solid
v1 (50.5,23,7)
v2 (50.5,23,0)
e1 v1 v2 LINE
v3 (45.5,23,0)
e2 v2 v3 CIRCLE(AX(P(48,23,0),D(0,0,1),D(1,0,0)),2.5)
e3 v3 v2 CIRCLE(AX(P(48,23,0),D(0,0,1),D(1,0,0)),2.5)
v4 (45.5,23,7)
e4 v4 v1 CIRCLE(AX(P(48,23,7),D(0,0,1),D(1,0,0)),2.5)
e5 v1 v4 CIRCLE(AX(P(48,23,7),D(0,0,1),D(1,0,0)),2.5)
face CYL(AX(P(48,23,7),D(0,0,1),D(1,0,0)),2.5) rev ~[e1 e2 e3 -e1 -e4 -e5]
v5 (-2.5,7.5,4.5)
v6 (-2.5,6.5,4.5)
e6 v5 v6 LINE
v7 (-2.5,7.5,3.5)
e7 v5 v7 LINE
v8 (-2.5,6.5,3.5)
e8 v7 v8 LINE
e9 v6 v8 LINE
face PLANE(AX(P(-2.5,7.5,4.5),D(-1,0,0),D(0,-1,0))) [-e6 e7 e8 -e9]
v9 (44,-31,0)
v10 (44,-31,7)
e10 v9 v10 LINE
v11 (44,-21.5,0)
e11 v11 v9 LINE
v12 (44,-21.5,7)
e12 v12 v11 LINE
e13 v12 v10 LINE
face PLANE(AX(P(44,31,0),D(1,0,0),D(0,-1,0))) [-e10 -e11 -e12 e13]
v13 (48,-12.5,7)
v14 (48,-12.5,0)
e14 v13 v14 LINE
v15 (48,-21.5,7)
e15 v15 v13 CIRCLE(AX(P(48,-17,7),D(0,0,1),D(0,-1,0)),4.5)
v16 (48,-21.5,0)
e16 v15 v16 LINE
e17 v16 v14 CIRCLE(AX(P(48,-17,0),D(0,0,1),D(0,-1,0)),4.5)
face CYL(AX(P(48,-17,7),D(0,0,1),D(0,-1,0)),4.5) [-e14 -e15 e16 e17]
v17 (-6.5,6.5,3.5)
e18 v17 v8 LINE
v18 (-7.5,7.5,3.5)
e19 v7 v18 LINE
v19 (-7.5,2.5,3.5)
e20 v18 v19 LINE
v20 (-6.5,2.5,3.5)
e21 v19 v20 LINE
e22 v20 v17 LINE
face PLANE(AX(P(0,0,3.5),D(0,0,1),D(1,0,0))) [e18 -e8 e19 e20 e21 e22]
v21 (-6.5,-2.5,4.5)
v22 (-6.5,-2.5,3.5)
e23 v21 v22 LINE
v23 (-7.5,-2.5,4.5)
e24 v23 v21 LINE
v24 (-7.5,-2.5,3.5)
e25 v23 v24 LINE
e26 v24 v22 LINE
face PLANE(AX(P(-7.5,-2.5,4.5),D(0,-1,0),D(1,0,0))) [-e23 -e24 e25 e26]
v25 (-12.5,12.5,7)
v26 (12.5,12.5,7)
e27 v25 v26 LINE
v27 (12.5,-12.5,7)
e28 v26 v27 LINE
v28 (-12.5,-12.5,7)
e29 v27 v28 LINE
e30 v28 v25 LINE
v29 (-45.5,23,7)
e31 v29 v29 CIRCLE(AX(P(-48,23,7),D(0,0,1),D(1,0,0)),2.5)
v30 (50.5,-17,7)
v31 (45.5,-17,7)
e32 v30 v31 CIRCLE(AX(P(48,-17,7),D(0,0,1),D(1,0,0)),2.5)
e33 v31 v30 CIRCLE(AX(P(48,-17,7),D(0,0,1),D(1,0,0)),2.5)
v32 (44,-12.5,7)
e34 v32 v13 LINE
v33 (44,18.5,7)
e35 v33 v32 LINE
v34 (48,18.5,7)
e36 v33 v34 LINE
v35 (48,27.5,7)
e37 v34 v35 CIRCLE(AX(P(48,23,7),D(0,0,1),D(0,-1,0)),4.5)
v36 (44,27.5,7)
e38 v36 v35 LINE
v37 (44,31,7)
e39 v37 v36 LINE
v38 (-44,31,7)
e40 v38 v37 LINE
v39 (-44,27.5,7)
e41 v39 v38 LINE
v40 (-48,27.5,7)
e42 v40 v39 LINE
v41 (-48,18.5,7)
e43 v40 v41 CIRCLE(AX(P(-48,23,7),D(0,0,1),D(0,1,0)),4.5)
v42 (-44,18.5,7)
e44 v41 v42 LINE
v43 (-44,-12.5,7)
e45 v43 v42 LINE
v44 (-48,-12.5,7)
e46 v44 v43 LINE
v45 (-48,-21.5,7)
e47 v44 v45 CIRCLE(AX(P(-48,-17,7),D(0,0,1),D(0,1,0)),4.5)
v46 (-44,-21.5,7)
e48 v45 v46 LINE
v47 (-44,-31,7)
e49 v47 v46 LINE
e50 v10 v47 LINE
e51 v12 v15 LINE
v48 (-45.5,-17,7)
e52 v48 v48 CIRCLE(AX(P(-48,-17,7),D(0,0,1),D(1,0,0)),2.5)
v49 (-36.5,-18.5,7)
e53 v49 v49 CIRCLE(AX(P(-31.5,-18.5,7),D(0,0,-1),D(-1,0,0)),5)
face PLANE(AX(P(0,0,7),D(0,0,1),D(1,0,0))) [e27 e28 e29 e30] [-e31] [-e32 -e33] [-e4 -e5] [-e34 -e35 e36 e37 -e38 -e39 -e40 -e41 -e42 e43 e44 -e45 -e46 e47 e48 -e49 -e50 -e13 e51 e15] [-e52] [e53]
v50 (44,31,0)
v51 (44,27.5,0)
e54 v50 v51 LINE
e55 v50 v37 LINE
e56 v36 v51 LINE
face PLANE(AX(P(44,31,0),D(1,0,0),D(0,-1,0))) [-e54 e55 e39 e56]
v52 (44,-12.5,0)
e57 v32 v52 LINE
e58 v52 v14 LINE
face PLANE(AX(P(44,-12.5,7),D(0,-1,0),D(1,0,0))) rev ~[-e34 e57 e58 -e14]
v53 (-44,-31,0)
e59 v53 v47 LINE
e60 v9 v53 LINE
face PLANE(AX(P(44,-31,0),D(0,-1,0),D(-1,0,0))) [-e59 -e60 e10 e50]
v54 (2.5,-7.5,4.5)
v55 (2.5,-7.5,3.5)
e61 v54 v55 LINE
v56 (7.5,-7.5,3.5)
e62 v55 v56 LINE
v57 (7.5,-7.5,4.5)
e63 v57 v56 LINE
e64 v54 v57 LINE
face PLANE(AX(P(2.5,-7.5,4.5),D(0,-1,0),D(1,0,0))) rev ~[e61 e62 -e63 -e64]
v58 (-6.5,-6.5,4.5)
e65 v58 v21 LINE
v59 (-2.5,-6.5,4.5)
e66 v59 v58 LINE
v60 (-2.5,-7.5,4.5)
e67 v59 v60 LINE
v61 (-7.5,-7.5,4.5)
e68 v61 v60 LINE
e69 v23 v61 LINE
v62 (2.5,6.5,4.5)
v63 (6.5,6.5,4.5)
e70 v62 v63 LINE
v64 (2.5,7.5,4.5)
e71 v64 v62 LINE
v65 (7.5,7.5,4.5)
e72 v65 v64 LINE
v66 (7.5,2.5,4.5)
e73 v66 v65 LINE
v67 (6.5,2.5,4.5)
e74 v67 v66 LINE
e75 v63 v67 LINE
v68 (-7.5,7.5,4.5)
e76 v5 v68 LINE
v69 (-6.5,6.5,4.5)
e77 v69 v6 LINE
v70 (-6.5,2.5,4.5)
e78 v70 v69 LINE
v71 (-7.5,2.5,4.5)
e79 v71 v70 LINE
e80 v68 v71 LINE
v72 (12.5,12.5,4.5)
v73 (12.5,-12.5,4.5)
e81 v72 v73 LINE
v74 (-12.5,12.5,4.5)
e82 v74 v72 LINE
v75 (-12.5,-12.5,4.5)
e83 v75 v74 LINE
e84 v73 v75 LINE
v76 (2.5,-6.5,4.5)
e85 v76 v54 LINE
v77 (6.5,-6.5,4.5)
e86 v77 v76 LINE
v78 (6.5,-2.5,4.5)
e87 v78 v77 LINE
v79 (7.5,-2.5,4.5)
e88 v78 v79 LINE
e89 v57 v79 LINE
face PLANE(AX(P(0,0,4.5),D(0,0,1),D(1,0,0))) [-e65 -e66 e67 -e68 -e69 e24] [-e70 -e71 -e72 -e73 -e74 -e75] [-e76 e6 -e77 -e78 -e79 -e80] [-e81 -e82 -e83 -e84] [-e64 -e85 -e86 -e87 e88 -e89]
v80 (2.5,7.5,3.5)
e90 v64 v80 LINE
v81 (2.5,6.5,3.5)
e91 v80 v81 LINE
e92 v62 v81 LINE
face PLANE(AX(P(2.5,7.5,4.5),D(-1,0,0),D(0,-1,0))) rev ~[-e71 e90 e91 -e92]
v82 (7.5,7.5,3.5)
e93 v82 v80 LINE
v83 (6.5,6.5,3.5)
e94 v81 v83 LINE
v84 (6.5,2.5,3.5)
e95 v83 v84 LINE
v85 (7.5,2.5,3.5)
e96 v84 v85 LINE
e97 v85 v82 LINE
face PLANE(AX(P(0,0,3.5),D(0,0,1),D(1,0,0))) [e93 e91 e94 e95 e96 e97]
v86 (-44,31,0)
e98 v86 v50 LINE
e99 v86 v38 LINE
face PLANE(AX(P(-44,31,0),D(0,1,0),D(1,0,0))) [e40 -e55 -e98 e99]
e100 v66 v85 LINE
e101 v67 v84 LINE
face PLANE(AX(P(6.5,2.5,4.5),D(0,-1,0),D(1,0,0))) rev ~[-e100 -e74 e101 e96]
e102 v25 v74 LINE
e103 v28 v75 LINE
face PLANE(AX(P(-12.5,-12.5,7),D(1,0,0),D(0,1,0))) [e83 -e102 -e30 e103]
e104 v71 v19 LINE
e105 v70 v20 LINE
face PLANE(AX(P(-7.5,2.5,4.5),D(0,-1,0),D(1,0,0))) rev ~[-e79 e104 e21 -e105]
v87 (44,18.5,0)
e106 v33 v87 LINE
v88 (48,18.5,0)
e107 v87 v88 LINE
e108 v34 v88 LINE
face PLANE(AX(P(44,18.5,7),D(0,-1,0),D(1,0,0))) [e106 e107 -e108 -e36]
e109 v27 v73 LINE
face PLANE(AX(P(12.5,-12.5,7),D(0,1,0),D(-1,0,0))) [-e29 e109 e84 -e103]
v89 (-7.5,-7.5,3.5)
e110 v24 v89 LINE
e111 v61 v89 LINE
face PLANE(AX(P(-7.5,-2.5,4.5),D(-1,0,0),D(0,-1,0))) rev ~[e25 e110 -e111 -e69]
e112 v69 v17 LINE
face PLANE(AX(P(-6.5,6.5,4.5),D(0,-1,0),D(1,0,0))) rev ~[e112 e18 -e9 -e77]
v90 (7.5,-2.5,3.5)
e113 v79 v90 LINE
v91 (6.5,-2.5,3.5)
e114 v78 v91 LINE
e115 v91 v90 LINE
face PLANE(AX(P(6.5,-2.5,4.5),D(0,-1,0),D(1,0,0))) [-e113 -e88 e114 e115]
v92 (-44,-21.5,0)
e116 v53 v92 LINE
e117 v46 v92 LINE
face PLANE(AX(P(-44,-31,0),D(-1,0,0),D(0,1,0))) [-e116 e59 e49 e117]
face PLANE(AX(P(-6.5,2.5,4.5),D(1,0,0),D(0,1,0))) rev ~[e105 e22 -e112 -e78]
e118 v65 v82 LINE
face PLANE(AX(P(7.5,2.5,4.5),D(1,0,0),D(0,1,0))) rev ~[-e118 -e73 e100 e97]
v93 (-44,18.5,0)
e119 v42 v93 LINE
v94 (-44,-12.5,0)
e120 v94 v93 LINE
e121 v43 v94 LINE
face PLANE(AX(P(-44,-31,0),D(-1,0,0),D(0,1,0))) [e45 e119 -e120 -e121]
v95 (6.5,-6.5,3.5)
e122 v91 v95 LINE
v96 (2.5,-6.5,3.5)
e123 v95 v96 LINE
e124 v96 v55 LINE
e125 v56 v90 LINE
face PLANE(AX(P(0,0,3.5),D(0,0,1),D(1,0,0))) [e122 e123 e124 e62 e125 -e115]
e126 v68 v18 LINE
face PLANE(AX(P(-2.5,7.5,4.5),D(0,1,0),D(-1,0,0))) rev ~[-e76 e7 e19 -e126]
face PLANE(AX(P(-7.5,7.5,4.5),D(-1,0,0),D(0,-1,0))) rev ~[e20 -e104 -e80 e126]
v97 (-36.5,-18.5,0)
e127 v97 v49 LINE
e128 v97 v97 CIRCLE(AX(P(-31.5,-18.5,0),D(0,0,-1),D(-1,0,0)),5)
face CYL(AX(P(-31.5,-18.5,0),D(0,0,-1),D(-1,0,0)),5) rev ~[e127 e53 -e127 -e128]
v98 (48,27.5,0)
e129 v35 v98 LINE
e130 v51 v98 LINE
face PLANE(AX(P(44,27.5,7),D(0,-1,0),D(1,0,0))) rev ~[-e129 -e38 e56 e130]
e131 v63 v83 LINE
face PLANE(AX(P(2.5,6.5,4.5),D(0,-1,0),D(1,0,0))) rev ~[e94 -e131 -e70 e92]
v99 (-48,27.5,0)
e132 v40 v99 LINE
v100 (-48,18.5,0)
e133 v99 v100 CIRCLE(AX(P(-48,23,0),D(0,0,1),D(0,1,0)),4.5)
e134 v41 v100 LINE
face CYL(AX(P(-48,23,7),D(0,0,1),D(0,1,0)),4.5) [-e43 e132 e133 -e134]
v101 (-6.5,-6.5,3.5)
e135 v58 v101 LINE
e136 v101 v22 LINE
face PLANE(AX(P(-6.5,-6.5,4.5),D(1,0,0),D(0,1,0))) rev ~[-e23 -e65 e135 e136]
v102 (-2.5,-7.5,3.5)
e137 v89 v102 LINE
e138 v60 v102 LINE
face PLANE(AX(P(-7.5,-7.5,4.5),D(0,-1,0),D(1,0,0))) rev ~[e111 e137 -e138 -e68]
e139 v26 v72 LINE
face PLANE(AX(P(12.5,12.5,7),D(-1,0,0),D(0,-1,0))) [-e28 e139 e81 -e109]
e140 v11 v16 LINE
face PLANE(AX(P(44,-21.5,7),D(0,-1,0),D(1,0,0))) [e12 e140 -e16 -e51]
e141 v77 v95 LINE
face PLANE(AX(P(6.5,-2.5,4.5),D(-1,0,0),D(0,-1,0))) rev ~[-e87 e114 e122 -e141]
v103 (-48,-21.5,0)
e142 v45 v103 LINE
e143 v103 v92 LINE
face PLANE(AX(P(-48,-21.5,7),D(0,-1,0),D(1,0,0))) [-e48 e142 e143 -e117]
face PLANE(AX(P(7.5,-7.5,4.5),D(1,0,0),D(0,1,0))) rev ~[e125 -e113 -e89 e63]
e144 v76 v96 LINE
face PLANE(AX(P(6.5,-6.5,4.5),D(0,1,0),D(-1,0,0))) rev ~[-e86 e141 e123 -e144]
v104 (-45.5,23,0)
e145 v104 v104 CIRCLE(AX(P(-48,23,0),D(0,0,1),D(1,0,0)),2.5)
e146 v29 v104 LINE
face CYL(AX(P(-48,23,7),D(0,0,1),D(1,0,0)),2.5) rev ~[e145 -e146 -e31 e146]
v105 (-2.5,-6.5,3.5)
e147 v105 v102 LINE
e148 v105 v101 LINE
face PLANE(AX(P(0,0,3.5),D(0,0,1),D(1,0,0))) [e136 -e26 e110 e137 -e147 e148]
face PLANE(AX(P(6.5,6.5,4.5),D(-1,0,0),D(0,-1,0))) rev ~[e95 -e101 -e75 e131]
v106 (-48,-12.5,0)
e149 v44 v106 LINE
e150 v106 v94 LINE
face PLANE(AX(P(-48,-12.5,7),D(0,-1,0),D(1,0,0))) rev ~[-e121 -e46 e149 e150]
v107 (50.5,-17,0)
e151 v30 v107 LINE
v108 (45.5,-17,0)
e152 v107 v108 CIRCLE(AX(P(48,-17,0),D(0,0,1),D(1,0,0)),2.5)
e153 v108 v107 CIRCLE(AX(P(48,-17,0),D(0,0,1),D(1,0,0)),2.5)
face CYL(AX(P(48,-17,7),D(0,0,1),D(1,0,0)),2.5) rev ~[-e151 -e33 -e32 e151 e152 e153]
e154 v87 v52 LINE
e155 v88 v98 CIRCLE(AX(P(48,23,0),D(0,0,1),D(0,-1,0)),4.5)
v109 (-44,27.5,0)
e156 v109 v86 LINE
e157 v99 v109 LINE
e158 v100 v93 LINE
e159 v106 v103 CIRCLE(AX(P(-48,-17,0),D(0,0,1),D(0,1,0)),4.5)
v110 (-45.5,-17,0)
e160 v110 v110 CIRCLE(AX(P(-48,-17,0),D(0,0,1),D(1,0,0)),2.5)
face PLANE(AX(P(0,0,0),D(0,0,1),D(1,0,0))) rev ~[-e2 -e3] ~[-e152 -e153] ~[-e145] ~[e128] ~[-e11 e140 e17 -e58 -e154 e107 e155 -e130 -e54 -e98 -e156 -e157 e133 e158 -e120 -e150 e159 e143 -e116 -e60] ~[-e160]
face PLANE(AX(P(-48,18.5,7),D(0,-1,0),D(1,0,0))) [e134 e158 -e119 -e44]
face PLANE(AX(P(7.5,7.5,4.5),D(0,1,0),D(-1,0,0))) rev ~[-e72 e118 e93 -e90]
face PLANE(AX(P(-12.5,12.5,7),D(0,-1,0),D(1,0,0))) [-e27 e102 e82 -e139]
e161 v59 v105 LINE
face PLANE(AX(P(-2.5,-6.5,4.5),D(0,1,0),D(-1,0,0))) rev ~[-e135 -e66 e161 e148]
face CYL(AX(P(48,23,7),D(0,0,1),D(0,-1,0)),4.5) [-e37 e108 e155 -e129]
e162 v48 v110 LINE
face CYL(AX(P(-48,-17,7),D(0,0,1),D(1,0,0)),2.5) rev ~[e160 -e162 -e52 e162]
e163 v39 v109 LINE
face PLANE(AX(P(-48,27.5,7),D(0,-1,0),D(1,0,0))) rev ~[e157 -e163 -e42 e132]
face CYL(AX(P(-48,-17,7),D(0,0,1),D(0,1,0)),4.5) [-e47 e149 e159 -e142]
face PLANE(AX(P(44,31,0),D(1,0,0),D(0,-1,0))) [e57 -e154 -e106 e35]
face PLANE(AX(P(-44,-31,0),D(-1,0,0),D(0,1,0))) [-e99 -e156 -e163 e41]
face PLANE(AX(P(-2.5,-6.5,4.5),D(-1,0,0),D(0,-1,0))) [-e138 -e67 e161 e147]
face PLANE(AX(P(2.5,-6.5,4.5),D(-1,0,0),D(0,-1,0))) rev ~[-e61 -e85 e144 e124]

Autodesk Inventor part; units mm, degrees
ref_plane "YZ Plane" through (0, 0, 0) normal (1, 0, 0) x (0, 1, 0)
ref_plane "XZ Plane" through (0, 0, 0) normal (0, 1, 0) x (-1, 0, 0)
ref_plane "XY Plane" through (0, 0, 0) normal (0, 0, 1) x (1, 0, 0)
sketch "Sketch1" plane through (0, 0, 0) normal (0, 0, 1) x (1, 0, 0)
  line L0 (44, -31) -> (-44, -31)
  line L1 (-44, -31) -> (-44, 31)
  line L2 (-44, 31) -> (44, 31)
  line L3 (44, 31) -> (44, -31)
  line L4 (44, -31) -> (-44, 31) construction
  line L5 (-44, -31) -> (44, 31) construction
  point P0 (0, 0)
  dimension "d0" = 88
  dimension "d1" = 62
extrude "Extrusion1" add sketch "Sketch1" along normal blind 7
sketch "Sketch2" plane through (0, 0, 7) normal (0, 0, 1) x (1, 0, 0)
  circle A0 centre (-48, 23) radius 2.5
  line L0 (-48, 23) -> (-44, 23)
  line L1 (-44, 31) -> (-44, -31) projected
  arc A1 (-48, 27.5) -> (-48, 18.5) centre (-48, 23) ccw
  line L2 (44, 31) -> (-44, 31) projected
  line L3 (-44, 29.1847) -> (-44, 31)
  line L4 (-44, 16.8153) -> (-44, 18.5)
  line L5 (0, 54.4598) -> (0, -54.4598) construction
  circle A2 centre (48, 23) radius 2.5
  line L6 (48, 23) -> (44, 23)
  line L7 (44, 31) -> (44, -31)
  arc A3 (48, 18.5) -> (48, 27.5) centre (48, 23) ccw
  line L8 (44, 29.1847) -> (44, 31)
  line L9 (44, 16.8153) -> (44, 18.5)
  circle A4 centre (48, -17) radius 2.5
  line L10 (48, -17) -> (44, -17)
  arc A5 (48, -21.5) -> (48, -12.5) centre (48, -17) ccw
  line L11 (44, -10.8153) -> (44, -9)
  line L12 (44, -23.1847) -> (44, -21.5)
  line L13 (-44, 29.1847) -> (-44, 31)
  line L14 (-44, 16.8153) -> (-44, -9)
  line L15 (-44, -23.1847) -> (-44, -31)
  line L16 (44, 29.1847) -> (44, 31)
  line L17 (44, 16.8153) -> (44, -10.8153)
  line L18 (44, -31) -> (44, 31) projected
  line L19 (44, -23.1847) -> (44, -31)
  line L20 (44, 18.5) -> (48, 18.5)
  line L21 (44, 27.5) -> (48, 27.5)
  line L22 (44, -21.5) -> (48, -21.5)
  line L23 (44, -12.5) -> (48, -12.5)
  line L24 (-48, 27.5) -> (-44, 27.5)
  line L25 (-48, 27.5) -> (-44, 27.5) construction
  line L26 (-48, 18.5) -> (-44, 18.5)
  line L27 (-44, -17) -> (-48, -17)
  circle A6 centre (-48, -17) radius 2.5
  arc A7 (-48, -12.5) -> (-48, -21.5) centre (-48, -17) ccw
  line L28 (-48, -21.5) -> (-44, -21.5)
  line L29 (-48, -12.5) -> (-44, -12.5)
  point P0 (0, 0)
  point P1 (-44, 20.9384)
  point P2 (-44, 25.0616)
  point P3 (-46.6154, 27.2817)
  point P4 (-46.6154, 18.7183)
  point P5 (44, 20.9384)
  point P6 (44, 25.0616)
  point P7 (46.6154, 27.2817)
  point P8 (46.6154, 18.7183)
  point P9 (46.6154, -12.7183)
  point P10 (46.6954, -21.4151)
  point P11 (44, -19.0616)
  point P12 (44, -14.9384)
  point P13 (44, -23.1847)
  dimension "d4" = 5
  dimension "d5" = 4
  dimension "d6" = 2
  dimension "d32" = 8
  dimension "d43" = 4
  dimension "d44" = 5
  dimension "d45" = 2
  dimension "d46" = 40
  dimension "d47" = 0
  dimension "d48" = 5
  dimension "d49" = 2
  dimension "d50" = 40
  dimension "d51" = 4
extrude "Extrusion2" add sketch "Sketch2" against normal blind 7
sketch "Sketch3" plane through (0, 0, 7) normal (0, 0, 1) x (1, 0, 0)
  line L0 (12.5, -12.5) -> (-12.5, -12.5)
  line L1 (-12.5, -12.5) -> (-12.5, 12.5)
  line L2 (-12.5, 12.5) -> (12.5, 12.5)
  line L3 (12.5, 12.5) -> (12.5, -12.5)
  line L4 (12.5, -12.5) -> (-12.5, 12.5) construction
  line L5 (-12.5, -12.5) -> (12.5, 12.5) construction
  point P0 (0, 0)
  dimension "d33" = 25
  dimension "d34" = 25
extrude "Extrusion3" cut sketch "Sketch3" against normal blind 2.5
sketch "Sketch4" plane through (0, 0, 4.5) normal (0, 0, 1) x (1, 0, 0)
  line L0 (-12.5, 12.5) -> (12.5, 12.5) projected
  line L1 (-12.5, -12.5) -> (-12.5, 12.5) projected
  line L2 (12.5, -12.5) -> (-12.5, -12.5) projected
  line L3 (12.5, 12.5) -> (12.5, -12.5) projected
  line L4 (7.5, 7.5) -> (-7.5, 7.5)
  line L5 (-7.5, 7.5) -> (-7.5, -7.5)
  line L6 (-7.5, -7.5) -> (7.5, -7.5)
  line L7 (7.5, -7.5) -> (7.5, 7.5)
  line L8 (-6.5, 6.5) -> (6.5, 6.5)
  line L9 (6.5, 6.5) -> (6.5, -6.5)
  line L10 (6.5, -6.5) -> (-6.5, -6.5)
  line L11 (-6.5, -6.5) -> (-6.5, 6.5)
  line L12 (-9.9797, 2.5) -> (9.6006, 2.5)
  line L13 (-9.9797, -2.5) -> (9.6006, -2.5)
  line L14 (-2.5, 9.6233) -> (-2.5, -10.0692)
  line L15 (2.5, 9.6233) -> (2.5, -9.2277)
  point P0 (0, 0)
  point P1 (-2.5, -7.5)
  point P2 (-2.5, -6.5)
  point P3 (-6.5, -2.5)
  point P4 (-7.5, -2.5)
  point P5 (2.5, -6.5)
  point P6 (2.5, -7.5)
  point P7 (7.5, -2.5)
  point P8 (6.5, -2.5)
  point P9 (2.5, 7.5)
  point P10 (2.5, 6.5)
  point P11 (6.5, 2.5)
  point P12 (7.5, 2.5)
  point P13 (-2.5, 6.5)
  point P14 (-2.5, 7.5)
  point P15 (-7.5, 2.5)
  point P16 (-6.5, 2.5)
  dimension "d35" = 5
  dimension "d36" = 1
  dimension "d37" = 5
  dimension "d38" = 5
  dimension "d39" = 5
  dimension "d40" = 5
extrude "Extrusion4" cut sketch "Sketch4" against normal blind 1 contours L7 L12 L9 L8 L15 L4 | L14 L8 L11 L12 L5 L4 | L7 L6 L15 L10 L9 L13 | L13 L11 L10 L14 L6 L5
sketch "Sketch5" plane through (0, 0, 0) normal (0, 0, -1) x (-1, 0, 0)
  circle A0 centre (31.5, -18.5) radius 5
  line L0 (44, -21.5) -> (44, -31) projected
  line L1 (44, -31) -> (-44, -31) projected
  point P0 (0, 0)
  dimension "d52" = 10
  dimension "d53" = 12.5
  dimension "d54" = 12.5
extrude "Extrusion5" cut sketch "Sketch5" against normal blind 7
properties part number "soporte p2"
